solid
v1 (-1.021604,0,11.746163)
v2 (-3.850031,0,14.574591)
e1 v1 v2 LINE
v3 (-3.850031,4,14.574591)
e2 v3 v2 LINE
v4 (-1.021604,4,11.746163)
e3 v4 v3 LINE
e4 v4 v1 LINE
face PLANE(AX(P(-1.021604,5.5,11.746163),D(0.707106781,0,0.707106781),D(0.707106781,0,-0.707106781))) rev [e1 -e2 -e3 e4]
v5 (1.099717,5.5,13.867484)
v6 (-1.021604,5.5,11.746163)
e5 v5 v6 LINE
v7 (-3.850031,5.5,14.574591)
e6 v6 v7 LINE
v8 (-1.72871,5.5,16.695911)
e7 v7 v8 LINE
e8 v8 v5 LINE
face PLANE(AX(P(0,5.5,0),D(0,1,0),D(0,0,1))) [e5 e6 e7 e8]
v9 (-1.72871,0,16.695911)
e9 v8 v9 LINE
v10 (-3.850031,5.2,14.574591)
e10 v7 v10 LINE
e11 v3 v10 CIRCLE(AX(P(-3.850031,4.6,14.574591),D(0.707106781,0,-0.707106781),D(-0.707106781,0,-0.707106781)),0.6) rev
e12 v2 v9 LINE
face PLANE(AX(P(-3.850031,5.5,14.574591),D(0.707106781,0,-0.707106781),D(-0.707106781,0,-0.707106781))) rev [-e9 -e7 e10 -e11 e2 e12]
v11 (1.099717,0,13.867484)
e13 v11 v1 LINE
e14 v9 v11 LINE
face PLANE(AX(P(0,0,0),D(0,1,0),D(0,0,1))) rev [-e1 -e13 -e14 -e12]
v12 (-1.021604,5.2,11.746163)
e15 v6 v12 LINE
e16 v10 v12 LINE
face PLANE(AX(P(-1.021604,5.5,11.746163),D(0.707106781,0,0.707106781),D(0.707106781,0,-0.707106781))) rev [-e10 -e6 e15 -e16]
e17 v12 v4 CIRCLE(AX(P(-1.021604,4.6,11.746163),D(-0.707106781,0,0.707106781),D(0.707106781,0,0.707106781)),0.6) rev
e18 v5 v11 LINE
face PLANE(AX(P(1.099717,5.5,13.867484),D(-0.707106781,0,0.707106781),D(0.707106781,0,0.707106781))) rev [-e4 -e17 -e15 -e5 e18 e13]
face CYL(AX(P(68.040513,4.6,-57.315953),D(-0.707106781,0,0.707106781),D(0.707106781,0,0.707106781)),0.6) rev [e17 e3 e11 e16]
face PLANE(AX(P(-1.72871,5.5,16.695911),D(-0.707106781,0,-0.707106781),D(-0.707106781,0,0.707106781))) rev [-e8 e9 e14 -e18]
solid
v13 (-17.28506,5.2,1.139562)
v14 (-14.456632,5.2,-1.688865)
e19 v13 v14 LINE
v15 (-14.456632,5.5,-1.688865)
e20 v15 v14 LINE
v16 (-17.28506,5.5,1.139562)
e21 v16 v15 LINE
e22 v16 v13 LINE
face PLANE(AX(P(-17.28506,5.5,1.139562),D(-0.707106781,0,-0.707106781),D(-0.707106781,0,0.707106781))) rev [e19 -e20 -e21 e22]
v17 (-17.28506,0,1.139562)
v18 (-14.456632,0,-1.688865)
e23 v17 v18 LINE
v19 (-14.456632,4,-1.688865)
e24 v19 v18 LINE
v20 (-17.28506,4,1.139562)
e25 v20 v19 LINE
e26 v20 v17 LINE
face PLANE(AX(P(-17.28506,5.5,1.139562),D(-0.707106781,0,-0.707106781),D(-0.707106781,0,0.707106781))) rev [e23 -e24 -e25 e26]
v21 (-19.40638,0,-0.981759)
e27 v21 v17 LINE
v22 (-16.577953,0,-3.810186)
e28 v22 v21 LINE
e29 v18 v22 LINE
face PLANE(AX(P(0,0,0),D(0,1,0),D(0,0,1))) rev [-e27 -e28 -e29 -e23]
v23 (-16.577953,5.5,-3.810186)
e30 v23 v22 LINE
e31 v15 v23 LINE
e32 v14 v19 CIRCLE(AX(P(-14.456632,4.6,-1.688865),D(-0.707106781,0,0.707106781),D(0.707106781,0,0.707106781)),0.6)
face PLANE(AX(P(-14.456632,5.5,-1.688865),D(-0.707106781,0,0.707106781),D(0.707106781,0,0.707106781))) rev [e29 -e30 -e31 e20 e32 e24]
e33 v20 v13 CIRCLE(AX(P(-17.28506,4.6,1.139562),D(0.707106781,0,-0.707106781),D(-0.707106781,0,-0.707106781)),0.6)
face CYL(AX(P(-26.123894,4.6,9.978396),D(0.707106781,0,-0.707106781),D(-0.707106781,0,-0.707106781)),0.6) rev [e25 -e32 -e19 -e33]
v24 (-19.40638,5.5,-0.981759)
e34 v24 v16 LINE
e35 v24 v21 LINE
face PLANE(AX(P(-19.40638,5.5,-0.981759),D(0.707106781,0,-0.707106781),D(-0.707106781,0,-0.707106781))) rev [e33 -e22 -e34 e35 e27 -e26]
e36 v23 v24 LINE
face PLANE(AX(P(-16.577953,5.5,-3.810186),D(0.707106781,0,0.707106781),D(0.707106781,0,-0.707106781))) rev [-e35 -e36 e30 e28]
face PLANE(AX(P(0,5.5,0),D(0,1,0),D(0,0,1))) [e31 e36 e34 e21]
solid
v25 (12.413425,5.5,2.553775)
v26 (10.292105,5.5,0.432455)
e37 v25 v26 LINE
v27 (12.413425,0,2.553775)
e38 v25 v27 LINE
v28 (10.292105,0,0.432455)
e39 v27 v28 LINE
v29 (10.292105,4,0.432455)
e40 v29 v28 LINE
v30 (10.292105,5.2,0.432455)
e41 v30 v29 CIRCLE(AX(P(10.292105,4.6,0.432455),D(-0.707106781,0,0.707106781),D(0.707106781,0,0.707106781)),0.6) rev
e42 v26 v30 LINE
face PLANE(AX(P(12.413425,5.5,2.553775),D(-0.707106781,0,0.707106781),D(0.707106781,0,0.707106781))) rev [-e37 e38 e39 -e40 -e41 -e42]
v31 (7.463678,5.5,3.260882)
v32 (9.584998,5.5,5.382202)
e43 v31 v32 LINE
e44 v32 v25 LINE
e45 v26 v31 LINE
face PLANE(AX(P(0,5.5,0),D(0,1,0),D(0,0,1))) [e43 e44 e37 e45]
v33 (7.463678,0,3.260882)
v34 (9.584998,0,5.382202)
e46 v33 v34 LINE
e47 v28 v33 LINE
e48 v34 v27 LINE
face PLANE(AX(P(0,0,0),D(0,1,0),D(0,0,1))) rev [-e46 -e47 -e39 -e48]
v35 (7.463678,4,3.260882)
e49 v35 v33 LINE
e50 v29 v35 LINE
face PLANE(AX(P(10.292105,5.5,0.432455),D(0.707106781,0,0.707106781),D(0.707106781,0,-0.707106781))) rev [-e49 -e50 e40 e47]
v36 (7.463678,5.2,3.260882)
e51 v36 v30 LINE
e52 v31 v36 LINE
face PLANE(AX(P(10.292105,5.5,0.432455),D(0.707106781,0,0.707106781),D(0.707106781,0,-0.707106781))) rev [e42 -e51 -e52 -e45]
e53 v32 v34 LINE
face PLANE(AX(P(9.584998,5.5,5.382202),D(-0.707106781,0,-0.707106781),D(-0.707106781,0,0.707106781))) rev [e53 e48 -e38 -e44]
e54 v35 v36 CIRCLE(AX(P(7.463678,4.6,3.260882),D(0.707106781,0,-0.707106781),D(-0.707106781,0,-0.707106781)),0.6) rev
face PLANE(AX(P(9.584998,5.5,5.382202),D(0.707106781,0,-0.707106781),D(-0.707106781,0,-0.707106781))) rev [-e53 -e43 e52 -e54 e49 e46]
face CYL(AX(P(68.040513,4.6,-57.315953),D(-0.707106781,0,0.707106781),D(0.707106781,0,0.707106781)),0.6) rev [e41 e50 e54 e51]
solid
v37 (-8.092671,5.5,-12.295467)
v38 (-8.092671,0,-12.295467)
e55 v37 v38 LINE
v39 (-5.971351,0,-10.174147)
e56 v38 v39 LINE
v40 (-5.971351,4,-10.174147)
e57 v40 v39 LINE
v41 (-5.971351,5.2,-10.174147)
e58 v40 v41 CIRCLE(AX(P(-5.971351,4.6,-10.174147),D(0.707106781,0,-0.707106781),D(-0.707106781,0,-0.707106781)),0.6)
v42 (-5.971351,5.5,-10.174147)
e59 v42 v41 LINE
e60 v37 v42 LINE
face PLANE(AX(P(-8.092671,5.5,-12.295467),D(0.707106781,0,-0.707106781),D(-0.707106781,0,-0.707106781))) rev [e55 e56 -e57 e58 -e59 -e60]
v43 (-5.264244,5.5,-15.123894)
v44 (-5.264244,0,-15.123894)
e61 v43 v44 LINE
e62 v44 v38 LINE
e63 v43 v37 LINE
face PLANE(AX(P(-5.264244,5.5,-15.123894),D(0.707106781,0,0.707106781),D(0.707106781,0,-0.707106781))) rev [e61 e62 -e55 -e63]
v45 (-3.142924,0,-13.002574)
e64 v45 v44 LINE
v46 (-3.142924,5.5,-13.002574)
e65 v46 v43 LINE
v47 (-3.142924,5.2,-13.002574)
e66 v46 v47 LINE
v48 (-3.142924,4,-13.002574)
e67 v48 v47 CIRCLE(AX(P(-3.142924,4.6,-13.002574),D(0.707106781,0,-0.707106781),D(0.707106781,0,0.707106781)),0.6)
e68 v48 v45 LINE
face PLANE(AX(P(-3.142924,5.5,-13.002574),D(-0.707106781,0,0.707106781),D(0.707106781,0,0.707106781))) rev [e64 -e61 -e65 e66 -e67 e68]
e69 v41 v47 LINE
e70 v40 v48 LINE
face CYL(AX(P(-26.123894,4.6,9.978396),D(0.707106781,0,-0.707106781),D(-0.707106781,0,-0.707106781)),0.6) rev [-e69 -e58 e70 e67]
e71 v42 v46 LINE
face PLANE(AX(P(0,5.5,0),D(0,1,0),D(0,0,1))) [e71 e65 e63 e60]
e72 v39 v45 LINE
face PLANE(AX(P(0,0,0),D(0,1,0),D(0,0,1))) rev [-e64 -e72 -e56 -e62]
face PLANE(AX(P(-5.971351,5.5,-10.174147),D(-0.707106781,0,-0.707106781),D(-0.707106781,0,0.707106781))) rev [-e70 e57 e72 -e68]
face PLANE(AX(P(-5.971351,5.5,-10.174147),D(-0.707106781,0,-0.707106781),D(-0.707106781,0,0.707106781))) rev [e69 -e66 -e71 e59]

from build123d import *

# Parameters (mm, degrees)
BOSS_EXTRUDE3_DEPTH     = 5.5
BOSS_EXTRUDE3_2_DEPTH   = 5.5
BOSS_EXTRUDE3_3_DEPTH   = 5.5
BOSS_EXTRUDE3_4_DEPTH   = 5.5
CUT_EXTRUDE2_DEPTH      = 34.017772808
CUT_EXTRUDE2_DEPTH_BACK = 34.017772808
CUT_EXTRUDE5_DEPTH      = 34.017772808


with BuildPart() as part:
    # Sketch5 → Boss-Extrude3 (new body)
    with BuildSketch(Plane(origin=(0, 0, 0), x_dir=(1, 0, 0), z_dir=(0, 1, 0))):
        Polygon((9.584998142, -5.382202346), (12.413425266, -2.553775221), (10.292104923, -0.432454878), (7.463677798, -3.260882003), align=None)
    extrude(amount=BOSS_EXTRUDE3_DEPTH)


with BuildPart() as body_2:
    # Sketch5 → Boss-Extrude3 2 (new body)
    with BuildSketch(Plane(origin=(0, 0, 0), x_dir=(1, 0, 0), z_dir=(0, 1, 0))):
        Polygon((-5.971351044, 10.17414684), (-3.14292392, 13.002573965), (-5.264244263, 15.123894308), (-8.092671388, 12.295467184), align=None)
    extrude(amount=BOSS_EXTRUDE3_2_DEPTH)


with BuildPart() as body_3:
    # Sketch5 → Boss-Extrude3 3 (new body)
    with BuildSketch(Plane(origin=(0, 0, 0), x_dir=(1, 0, 0), z_dir=(0, 1, 0))):
        Polygon((-17.285059543, -1.139561659), (-14.456632419, 1.688865466), (-16.577952762, 3.810185809), (-19.406379887, 0.981758685), align=None)
    extrude(amount=BOSS_EXTRUDE3_3_DEPTH)


with BuildPart() as body_4:
    # Sketch5 → Boss-Extrude3 4 (new body)
    with BuildSketch(Plane(origin=(0, 0, 0), x_dir=(1, 0, 0), z_dir=(0, 1, 0))):
        Polygon((-1.728710357, -16.695910845), (1.099716767, -13.86748372), (-1.021603576, -11.746163377), (-3.850030701, -14.574590502), align=None)
    extrude(amount=BOSS_EXTRUDE3_4_DEPTH)


with BuildPart() as cut_extrude2_tool:
    # Sketch6 → Cut-Extrude2 (new, two sides: drawn at the far end of the back side and taken through both)
    with BuildSketch(Plane(origin=(4.929825023, 0, -4.929825023), x_dir=(-0.7071067811865475, 0, -0.7071067811865477), z_dir=(0.7071067811865477, 0, -0.7071067811865475)).offset(-CUT_EXTRUDE2_DEPTH_BACK)):
        with BuildLine():
            Line((67.256085177, 5.2), (-7.58340896, 5.2))
            ThreePointArc((-7.58340896, 5.2), (-8.18340896, 4.6), (-7.58340896, 4))
            Line((-7.58340896, 4), (67.256085177, 4))
            Line((67.256085177, 4), (216.935073452, 4))
            Line((216.935073452, 4), (216.935073452, 5.2))
            Line((216.935073452, 5.2), (67.256085177, 5.2))
        make_face()
    extrude(amount=CUT_EXTRUDE2_DEPTH + CUT_EXTRUDE2_DEPTH_BACK)


with BuildPart() as body_4_1:
    add(body_4.part)

    # Cut-Extrude2: cut by cut_extrude2_tool
    add(cut_extrude2_tool.part, mode=Mode.SUBTRACT)


with BuildPart() as part_1:
    add(part.part)

    # Cut-Extrude2: cut by cut_extrude2_tool
    add(cut_extrude2_tool.part, mode=Mode.SUBTRACT)


with BuildPart() as cut_extrude5_tool:
    # Sketch7 → Cut-Extrude5 (new, through all)
    with BuildSketch(Plane(origin=(4.929825023, 0, -4.929825023), x_dir=(-0.7071067811865479, 0, -0.7071067811865472), z_dir=(0.7071067811865472, 0, -0.7071067811865479))):
        with BuildLine():
            Line((11.41659104, 5.2), (11.41659104, 4))
            ThreePointArc((11.41659104, 4), (12.01659104, 4.6), (11.41659104, 5.2))
        make_face()
    extrude(amount=-CUT_EXTRUDE5_DEPTH)


with BuildPart() as body_2_1:
    add(body_2.part)

    # Cut-Extrude5: cut by cut_extrude5_tool
    add(cut_extrude5_tool.part, mode=Mode.SUBTRACT)


with BuildPart() as body_3_1:
    add(body_3.part)

    # Cut-Extrude5: cut by cut_extrude5_tool
    add(cut_extrude5_tool.part, mode=Mode.SUBTRACT)


solid = Compound([body_4_1.part, part_1.part, body_2_1.part, body_3_1.part])
